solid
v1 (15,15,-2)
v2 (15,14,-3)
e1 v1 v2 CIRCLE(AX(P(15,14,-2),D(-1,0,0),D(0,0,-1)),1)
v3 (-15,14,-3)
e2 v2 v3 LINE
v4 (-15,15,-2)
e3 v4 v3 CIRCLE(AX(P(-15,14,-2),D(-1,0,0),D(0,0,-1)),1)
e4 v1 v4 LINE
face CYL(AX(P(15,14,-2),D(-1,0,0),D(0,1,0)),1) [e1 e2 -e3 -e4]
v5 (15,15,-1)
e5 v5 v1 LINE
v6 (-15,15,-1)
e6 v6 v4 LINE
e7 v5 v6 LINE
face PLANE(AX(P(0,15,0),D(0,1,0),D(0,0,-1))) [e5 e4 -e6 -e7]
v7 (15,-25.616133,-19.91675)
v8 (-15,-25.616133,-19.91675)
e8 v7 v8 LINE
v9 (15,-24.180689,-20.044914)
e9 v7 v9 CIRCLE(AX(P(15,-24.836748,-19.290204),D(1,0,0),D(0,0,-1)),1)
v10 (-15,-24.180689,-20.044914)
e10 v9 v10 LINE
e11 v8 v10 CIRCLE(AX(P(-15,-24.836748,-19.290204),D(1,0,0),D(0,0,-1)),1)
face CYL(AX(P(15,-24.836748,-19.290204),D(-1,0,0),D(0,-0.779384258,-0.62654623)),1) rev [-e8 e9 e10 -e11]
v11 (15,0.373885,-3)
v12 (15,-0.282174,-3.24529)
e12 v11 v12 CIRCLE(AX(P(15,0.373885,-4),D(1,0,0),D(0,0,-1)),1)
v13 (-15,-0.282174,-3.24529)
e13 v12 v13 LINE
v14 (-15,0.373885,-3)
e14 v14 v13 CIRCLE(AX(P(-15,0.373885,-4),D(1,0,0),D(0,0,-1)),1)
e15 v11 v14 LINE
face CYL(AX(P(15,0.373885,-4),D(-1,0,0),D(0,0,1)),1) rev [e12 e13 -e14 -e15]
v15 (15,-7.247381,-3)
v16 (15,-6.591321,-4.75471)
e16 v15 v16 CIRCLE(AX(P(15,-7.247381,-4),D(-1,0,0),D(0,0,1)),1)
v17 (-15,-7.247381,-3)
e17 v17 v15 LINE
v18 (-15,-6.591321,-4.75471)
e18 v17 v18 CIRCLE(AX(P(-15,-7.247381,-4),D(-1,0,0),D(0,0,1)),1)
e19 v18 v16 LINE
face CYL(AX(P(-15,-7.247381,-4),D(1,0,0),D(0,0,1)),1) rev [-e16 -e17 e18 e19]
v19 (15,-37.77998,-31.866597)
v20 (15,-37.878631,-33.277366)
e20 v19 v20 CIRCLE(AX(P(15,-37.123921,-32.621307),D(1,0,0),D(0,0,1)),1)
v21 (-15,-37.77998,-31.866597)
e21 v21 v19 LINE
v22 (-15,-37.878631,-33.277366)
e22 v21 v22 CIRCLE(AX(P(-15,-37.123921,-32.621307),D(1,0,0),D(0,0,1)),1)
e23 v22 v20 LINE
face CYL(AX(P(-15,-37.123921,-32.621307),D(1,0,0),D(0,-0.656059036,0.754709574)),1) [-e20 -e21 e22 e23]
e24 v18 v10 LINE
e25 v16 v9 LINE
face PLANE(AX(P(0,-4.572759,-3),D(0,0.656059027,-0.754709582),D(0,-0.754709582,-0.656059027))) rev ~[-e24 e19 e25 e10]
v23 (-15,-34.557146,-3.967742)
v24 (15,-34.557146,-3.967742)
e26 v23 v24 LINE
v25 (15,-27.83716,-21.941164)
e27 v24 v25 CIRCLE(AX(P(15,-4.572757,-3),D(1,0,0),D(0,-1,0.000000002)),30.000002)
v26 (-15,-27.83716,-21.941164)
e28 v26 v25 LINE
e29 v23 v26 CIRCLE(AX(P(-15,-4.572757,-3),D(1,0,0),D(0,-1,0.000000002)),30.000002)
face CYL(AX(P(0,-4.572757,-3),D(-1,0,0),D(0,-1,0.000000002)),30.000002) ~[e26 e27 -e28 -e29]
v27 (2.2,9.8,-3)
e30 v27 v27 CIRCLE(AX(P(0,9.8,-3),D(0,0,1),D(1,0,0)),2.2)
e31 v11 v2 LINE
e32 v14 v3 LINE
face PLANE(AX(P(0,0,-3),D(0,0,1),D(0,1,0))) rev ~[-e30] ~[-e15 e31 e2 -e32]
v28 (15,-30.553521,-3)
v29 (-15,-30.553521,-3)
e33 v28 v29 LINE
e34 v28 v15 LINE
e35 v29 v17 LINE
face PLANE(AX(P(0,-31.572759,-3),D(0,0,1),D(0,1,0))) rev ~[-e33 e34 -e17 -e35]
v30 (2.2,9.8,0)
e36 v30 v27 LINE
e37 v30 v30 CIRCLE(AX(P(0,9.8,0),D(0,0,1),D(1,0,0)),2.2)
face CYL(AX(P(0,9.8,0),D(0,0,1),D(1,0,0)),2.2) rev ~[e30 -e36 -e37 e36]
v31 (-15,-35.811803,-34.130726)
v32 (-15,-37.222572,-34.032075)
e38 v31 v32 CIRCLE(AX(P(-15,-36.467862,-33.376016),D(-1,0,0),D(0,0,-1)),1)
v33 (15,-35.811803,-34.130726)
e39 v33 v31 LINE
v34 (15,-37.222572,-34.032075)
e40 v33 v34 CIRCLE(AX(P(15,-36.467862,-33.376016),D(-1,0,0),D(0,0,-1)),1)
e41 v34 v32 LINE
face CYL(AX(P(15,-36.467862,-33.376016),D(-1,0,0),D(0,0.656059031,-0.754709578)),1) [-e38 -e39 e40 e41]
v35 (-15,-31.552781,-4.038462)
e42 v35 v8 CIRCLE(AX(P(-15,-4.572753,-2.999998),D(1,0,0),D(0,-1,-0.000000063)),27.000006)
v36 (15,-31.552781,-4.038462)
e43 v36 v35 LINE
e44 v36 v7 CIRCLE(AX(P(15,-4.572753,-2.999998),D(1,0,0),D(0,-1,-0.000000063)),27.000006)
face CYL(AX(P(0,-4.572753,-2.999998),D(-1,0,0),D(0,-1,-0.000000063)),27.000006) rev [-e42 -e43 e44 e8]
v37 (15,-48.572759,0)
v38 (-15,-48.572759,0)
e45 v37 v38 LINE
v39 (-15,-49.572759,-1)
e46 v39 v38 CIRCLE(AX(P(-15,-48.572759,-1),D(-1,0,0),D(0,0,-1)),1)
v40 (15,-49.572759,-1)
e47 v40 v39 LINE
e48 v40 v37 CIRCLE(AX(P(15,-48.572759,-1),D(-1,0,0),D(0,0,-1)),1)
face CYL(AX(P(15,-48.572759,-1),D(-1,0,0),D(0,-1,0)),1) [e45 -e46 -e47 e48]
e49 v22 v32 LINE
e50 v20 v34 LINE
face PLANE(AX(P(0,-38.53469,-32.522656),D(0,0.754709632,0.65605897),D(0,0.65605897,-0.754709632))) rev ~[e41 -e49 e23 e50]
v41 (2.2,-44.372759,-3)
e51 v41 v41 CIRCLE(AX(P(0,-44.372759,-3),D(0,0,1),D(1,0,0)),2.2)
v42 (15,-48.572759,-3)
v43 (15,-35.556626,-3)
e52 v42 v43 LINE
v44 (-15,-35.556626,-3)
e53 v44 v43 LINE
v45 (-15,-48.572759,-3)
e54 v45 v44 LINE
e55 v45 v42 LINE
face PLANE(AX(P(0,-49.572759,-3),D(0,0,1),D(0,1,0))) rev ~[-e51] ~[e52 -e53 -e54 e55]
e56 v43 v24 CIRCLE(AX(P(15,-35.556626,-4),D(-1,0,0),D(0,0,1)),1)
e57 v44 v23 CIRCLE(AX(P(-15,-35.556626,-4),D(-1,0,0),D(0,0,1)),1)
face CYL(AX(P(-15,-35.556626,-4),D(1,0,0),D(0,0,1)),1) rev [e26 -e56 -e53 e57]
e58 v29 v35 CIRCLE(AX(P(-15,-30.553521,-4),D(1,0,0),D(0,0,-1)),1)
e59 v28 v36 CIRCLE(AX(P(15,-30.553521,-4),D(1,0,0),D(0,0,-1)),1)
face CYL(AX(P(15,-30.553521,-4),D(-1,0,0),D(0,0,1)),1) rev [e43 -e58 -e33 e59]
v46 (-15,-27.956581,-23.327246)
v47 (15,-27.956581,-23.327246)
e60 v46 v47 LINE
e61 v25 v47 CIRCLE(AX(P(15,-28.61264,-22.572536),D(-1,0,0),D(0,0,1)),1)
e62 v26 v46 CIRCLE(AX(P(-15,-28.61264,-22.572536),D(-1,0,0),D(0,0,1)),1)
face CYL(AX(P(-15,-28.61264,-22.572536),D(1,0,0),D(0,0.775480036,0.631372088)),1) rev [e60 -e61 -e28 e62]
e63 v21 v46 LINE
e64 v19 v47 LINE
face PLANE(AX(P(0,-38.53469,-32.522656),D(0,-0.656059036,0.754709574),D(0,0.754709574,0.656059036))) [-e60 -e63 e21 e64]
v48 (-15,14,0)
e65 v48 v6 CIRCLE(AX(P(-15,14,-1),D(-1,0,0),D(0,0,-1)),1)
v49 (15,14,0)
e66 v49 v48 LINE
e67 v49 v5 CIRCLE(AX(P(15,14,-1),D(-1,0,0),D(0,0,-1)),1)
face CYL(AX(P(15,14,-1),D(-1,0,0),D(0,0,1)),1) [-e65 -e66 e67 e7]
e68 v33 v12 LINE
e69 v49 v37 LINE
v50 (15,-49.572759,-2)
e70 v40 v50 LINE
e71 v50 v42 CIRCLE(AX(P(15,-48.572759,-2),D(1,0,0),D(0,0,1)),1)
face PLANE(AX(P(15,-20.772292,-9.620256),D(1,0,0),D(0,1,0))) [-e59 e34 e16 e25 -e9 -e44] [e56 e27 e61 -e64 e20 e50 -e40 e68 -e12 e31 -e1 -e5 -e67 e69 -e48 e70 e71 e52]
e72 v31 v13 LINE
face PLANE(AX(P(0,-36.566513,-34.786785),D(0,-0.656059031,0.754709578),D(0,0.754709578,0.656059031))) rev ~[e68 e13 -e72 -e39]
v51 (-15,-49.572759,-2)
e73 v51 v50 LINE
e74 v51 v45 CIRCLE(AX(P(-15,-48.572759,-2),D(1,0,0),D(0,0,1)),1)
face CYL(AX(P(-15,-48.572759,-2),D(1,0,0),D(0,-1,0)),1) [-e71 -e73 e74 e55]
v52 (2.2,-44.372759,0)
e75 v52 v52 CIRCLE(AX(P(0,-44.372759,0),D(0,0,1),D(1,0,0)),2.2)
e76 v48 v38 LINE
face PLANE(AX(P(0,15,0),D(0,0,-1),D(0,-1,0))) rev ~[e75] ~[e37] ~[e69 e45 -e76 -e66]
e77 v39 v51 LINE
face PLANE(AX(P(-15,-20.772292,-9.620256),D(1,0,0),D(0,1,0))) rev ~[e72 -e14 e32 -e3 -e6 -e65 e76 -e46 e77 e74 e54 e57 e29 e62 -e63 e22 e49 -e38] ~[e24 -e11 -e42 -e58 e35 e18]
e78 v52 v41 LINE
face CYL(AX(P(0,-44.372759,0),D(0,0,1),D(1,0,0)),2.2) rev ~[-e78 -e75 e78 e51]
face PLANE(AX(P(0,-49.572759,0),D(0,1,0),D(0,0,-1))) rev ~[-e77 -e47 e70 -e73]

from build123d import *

# Parameters (mm, degrees)
PAD010_DEPTH      = 15
PAD010_DEPTH_BACK = 15
SKETCH020_R       = 2.2
POCKET004_DEPTH   = 5
FILLET009_R       = 1


with BuildPart() as part:
    # Sketch019 → Pad010 (new body, two sides)
    with BuildSketch(Plane.YZ) as pad010_sk:
        with BuildLine():
            Line((-49.572759, 0), (-49.572759, -3))
            Line((-49.572759, -3), (-34.572759, -3))
            ThreePointArc((-34.572759, -3), (-32.672925, -13.506221), (-27.214047, -22.681771))
            Line((-38.53469, -32.522656), (-27.214047, -22.681771))
            Line((-38.53469, -32.522656), (-36.566513, -34.786785))
            Line((-36.566513, -34.786785), (0, -3))
            Line((0, -3), (15, -3))
            Line((15, 0), (15, -3))
            Line((15, 0), (-49.572759, 0))
        make_face()
        with BuildLine():
            Line((-4.572759, -3), (-24.949918, -20.713594))
            ThreePointArc((-31.572759, -3), (-29.862908, -12.455599), (-24.949918, -20.713594))
            Line((-31.572759, -3), (-4.572759, -3))
        make_face(mode=Mode.SUBTRACT)
    extrude(amount=-PAD010_DEPTH)
    extrude(pad010_sk.sketch, amount=PAD010_DEPTH_BACK)

    # Sketch020 → Pocket004 (cut)
    with BuildSketch(Plane.XY):
        with Locations((0, 9.8)):
            Circle(SKETCH020_R)
        with Locations((0, -44.372759)):
            Circle(SKETCH020_R)
    extrude(amount=-POCKET004_DEPTH, mode=Mode.SUBTRACT)

    # Fillet009
    fillet009_edges = [part.edges().sort_by_distance(p)[0] for p in [
        (0, -49.572759, 0),
        (0, -49.572759, -3),
        (0, -34.572759, -3),
        (0, -27.214047, -22.681771),
        (0, -38.53469, -32.522656),
        (0, -36.566513, -34.786785),
        (0, -31.572759, -3),
        (0, -4.572759, -3),
        (0, -24.949918, -20.713594),
        (0, 15, 0),
        (0, 15, -3),
        (0, 0, -3),
    ]]
    fillet(fillet009_edges, radius=FILLET009_R)


solid = part.part
